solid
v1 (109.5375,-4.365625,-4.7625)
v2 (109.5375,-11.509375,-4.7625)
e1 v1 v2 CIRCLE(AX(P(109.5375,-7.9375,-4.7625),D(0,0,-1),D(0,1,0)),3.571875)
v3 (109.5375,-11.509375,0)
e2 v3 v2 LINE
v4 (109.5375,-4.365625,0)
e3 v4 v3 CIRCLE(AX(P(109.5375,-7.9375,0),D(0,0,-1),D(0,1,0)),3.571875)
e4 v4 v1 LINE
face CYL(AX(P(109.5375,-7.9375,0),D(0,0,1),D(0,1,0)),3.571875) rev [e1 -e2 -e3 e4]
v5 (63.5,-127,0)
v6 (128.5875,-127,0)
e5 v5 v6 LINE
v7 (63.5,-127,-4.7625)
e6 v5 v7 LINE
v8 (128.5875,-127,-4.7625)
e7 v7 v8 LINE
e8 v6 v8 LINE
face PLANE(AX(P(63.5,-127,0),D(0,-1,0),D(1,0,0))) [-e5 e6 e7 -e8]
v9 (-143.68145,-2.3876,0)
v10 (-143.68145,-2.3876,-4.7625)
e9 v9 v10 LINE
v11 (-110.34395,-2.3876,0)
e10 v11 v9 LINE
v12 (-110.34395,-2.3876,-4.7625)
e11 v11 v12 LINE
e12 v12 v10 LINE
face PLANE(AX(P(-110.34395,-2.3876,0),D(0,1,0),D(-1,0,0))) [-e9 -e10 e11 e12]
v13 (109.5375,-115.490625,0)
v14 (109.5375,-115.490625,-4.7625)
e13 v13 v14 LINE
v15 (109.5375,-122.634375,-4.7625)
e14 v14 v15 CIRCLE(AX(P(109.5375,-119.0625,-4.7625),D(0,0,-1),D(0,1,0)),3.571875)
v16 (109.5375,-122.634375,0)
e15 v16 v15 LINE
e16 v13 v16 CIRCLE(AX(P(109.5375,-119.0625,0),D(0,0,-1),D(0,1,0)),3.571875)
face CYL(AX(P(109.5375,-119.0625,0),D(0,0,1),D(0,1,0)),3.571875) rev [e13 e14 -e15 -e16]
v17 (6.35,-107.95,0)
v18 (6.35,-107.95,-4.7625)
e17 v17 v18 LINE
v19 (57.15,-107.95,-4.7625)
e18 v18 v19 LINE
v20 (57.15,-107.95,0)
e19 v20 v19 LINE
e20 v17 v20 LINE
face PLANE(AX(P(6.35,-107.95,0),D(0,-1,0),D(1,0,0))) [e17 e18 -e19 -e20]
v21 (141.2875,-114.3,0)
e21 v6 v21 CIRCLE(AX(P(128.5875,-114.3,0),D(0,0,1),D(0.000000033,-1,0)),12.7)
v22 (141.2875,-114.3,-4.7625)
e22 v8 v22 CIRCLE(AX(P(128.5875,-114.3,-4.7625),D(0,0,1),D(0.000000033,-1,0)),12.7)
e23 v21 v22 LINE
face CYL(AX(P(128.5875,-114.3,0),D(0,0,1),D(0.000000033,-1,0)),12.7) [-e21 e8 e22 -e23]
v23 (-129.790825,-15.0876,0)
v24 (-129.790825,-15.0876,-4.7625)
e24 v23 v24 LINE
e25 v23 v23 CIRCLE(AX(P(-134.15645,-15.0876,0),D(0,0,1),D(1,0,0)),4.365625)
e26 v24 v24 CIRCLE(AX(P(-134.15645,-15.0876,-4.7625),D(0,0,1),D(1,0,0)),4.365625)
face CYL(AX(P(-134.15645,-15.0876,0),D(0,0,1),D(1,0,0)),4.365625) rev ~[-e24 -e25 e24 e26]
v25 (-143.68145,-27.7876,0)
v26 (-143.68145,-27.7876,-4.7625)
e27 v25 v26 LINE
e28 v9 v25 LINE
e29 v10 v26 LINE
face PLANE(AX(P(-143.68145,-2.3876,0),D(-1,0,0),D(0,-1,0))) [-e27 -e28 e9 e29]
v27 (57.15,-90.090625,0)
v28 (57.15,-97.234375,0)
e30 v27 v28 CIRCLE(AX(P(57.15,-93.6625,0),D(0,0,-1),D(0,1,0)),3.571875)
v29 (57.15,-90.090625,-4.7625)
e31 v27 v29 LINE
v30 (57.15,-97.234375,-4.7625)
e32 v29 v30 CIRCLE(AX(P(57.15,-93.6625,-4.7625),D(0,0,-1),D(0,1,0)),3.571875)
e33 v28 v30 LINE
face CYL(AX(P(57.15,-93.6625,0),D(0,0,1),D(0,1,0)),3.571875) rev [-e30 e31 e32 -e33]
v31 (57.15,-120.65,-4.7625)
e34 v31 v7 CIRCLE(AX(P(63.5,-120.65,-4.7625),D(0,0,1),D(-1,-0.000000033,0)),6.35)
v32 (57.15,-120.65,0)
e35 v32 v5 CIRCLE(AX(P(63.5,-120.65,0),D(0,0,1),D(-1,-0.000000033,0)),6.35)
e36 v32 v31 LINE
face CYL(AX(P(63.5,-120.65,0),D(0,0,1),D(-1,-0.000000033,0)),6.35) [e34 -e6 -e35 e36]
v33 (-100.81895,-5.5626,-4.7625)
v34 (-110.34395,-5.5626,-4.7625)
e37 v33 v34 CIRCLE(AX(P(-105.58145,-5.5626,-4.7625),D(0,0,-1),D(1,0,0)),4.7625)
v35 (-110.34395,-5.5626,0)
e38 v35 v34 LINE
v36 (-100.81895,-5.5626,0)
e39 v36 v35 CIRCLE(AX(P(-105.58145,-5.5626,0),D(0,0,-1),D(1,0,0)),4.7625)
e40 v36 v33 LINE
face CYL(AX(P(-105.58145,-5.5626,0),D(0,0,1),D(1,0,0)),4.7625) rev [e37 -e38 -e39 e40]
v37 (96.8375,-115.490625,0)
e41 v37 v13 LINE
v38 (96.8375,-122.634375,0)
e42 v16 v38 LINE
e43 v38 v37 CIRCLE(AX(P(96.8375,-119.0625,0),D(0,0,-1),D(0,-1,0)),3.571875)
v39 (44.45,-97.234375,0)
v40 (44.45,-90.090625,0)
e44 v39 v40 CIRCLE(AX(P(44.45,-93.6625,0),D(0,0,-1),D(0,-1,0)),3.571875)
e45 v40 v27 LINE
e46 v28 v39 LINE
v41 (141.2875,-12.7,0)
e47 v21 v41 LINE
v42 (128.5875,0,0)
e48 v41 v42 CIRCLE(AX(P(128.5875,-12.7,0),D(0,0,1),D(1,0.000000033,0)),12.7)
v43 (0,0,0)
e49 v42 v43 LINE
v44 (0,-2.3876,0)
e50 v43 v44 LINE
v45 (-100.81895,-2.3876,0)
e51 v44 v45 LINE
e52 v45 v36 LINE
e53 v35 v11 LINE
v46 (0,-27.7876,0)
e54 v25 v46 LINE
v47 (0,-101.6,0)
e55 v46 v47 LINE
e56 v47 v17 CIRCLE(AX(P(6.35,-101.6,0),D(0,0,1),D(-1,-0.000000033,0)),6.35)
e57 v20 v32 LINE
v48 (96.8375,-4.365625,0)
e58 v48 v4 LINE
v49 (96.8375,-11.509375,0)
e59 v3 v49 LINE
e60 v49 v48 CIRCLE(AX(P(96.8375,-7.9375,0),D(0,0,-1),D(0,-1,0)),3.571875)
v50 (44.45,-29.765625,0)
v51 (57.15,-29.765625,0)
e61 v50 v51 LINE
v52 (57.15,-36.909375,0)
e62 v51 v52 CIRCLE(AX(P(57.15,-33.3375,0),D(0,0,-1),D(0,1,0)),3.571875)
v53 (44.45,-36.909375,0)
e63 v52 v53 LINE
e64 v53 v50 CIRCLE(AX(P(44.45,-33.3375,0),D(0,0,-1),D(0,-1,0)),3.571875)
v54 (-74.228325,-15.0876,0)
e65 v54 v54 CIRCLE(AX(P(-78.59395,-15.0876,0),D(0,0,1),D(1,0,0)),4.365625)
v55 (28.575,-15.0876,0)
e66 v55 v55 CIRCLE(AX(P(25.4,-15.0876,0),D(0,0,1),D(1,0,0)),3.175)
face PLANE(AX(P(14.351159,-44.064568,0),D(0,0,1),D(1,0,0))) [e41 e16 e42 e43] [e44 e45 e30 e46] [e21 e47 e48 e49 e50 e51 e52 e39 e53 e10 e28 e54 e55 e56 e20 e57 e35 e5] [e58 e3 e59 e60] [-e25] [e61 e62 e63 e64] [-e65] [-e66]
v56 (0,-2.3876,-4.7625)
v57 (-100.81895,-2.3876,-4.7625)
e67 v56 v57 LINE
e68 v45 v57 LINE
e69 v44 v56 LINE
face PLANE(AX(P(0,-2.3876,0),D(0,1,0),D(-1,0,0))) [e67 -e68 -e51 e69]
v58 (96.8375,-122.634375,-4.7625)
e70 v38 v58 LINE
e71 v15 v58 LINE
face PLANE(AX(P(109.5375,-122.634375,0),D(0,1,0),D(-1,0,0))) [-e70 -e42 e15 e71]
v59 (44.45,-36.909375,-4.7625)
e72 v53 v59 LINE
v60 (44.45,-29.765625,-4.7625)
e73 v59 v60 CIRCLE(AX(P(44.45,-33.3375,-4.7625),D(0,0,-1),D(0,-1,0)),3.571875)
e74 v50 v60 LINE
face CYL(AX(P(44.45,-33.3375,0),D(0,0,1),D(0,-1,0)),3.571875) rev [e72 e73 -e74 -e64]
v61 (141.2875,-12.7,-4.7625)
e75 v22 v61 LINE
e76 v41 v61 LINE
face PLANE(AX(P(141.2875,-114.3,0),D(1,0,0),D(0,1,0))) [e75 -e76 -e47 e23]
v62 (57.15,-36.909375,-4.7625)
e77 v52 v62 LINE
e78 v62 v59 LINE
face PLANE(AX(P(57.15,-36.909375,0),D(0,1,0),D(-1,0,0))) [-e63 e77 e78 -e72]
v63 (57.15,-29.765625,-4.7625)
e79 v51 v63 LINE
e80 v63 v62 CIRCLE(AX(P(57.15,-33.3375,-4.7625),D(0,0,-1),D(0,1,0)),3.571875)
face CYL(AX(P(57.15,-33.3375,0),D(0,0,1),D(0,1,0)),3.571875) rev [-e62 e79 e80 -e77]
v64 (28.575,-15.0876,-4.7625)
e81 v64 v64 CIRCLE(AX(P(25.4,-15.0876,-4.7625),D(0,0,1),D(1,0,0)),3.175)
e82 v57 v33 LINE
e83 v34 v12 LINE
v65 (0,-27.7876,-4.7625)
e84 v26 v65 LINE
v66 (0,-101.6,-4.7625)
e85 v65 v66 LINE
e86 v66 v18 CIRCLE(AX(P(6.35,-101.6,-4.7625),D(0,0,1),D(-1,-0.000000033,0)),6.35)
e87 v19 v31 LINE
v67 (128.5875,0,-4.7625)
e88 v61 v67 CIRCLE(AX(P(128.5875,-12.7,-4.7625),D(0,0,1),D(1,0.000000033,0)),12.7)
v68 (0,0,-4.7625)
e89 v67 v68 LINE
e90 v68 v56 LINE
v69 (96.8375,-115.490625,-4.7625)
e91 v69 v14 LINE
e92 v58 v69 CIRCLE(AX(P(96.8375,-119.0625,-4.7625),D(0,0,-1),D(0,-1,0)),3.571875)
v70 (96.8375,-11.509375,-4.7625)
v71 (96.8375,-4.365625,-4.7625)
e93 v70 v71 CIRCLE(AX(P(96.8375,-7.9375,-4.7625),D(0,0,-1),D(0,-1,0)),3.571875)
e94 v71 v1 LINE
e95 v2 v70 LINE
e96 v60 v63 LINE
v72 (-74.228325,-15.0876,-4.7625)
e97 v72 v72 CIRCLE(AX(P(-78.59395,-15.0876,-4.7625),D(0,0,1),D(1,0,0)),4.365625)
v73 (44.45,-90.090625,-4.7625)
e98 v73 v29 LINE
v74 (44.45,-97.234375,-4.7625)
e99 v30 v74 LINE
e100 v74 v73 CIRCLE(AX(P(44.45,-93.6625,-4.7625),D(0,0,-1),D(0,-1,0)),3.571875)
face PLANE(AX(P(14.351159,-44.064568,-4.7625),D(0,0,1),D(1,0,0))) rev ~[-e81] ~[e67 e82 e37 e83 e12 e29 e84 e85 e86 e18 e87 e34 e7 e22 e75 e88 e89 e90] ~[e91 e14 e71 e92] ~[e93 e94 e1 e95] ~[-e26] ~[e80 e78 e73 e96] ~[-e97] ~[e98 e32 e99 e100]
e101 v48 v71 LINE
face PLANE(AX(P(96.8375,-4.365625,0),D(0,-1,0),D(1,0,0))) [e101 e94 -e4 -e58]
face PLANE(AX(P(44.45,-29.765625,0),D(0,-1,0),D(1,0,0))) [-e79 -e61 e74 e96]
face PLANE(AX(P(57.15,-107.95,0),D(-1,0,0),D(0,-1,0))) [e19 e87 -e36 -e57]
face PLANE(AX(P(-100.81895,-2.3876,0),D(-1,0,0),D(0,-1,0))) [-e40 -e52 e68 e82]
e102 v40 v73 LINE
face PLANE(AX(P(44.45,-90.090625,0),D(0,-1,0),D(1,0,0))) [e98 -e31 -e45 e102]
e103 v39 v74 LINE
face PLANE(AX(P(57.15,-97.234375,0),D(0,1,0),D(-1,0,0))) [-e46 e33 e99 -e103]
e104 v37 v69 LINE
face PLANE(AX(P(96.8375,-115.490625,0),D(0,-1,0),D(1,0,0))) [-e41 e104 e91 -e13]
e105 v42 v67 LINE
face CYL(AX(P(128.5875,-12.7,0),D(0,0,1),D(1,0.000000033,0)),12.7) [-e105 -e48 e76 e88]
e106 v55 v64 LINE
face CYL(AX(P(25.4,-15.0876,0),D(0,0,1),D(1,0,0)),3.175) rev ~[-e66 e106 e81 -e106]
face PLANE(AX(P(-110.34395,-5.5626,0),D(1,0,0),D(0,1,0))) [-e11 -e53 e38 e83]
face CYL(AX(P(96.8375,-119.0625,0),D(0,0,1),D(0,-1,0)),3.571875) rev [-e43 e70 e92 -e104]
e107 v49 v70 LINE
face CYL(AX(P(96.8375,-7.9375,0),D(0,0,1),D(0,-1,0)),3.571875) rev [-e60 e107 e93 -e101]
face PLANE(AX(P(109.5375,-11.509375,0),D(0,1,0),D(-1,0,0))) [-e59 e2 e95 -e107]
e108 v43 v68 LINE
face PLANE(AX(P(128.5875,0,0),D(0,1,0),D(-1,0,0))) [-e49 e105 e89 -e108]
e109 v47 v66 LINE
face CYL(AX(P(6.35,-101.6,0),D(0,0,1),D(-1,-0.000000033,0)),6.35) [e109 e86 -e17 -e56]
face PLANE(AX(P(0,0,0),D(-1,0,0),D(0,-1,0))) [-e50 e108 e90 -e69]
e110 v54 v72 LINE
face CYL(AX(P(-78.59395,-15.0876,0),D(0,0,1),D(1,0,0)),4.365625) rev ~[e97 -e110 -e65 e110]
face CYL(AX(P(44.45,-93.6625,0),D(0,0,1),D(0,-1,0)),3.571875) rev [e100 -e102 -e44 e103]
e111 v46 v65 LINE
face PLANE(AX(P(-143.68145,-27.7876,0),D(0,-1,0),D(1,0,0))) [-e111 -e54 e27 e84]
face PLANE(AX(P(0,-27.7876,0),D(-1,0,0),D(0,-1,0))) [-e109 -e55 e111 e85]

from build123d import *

# Parameters (mm, degrees)
F0_R     = 4.365625
F0_R_2   = 3.175
F1_DEPTH = 4.7625


with BuildPart() as f1:
    # F0 (on Top) → F1 (new body)
    with BuildSketch(Plane.XY):
        with BuildLine():
            Line((128.5875, 0), (0, 0))
            Line((0, 0), (0, -2.3876))
            Line((0, -2.3876), (-100.81895, -2.3876))
            Line((-100.81895, -2.3876), (-100.81895, -5.5626))
            ThreePointArc((-100.81895, -5.5626), (-105.58145, -10.3251), (-110.34395, -5.5626))
            Line((-110.34395, -5.5626), (-110.34395, -2.3876))
            Line((-110.34395, -2.3876), (-143.68145, -2.3876))
            Line((-143.68145, -2.3876), (-143.68145, -27.7876))
            Line((-143.68145, -27.7876), (0, -27.7876))
            Line((0, -27.7876), (0, -101.6))
            ThreePointArc((0, -101.6), (1.859872, -106.090128), (6.35, -107.95))
            Line((6.35, -107.95), (57.15, -107.95))
            Line((57.15, -107.95), (57.15, -120.65))
            ThreePointArc((57.15, -120.65), (59.009872, -125.140128), (63.5, -127))
            Line((63.5, -127), (128.5875, -127))
            ThreePointArc((128.5875, -127), (137.567756, -123.280256), (141.2875, -114.3))
            Line((141.2875, -114.3), (141.2875, -12.7))
            ThreePointArc((141.2875, -12.7), (137.567756, -3.719744), (128.5875, 0))
        make_face()
        with BuildLine():
            ThreePointArc((109.5375, -115.490625), (113.109375, -119.0625), (109.5375, -122.634375))
            Line((109.5375, -122.634375), (96.8375, -122.634375))
            ThreePointArc((96.8375, -122.634375), (93.265625, -119.0625), (96.8375, -115.490625))
            Line((96.8375, -115.490625), (109.5375, -115.490625))
        make_face(mode=Mode.SUBTRACT)
        with BuildLine():
            ThreePointArc((57.15, -90.090625), (60.721875, -93.6625), (57.15, -97.234375))
            Line((57.15, -97.234375), (44.45, -97.234375))
            ThreePointArc((44.45, -97.234375), (40.878125, -93.6625), (44.45, -90.090625))
            Line((44.45, -90.090625), (57.15, -90.090625))
        make_face(mode=Mode.SUBTRACT)
        with Locations((-134.15645, -15.0876)):
            Circle(F0_R, mode=Mode.SUBTRACT)
        with Locations((-78.59395, -15.0876)):
            Circle(F0_R, mode=Mode.SUBTRACT)
        with BuildLine():
            ThreePointArc((57.15, -29.765625), (60.721875, -33.3375), (57.15, -36.909375))
            Line((57.15, -36.909375), (44.45, -36.909375))
            ThreePointArc((44.45, -36.909375), (40.878125, -33.3375), (44.45, -29.765625))
            Line((44.45, -29.765625), (57.15, -29.765625))
        make_face(mode=Mode.SUBTRACT)
        with Locations((25.4, -15.0876)):
            Circle(F0_R_2, mode=Mode.SUBTRACT)
        with BuildLine():
            ThreePointArc((109.5375, -4.365625), (113.109375, -7.9375), (109.5375, -11.509375))
            Line((109.5375, -11.509375), (96.8375, -11.509375))
            ThreePointArc((96.8375, -11.509375), (93.265625, -7.9375), (96.8375, -4.365625))
            Line((96.8375, -4.365625), (109.5375, -4.365625))
        make_face(mode=Mode.SUBTRACT)
    extrude(amount=-F1_DEPTH)


solid = f1.part
